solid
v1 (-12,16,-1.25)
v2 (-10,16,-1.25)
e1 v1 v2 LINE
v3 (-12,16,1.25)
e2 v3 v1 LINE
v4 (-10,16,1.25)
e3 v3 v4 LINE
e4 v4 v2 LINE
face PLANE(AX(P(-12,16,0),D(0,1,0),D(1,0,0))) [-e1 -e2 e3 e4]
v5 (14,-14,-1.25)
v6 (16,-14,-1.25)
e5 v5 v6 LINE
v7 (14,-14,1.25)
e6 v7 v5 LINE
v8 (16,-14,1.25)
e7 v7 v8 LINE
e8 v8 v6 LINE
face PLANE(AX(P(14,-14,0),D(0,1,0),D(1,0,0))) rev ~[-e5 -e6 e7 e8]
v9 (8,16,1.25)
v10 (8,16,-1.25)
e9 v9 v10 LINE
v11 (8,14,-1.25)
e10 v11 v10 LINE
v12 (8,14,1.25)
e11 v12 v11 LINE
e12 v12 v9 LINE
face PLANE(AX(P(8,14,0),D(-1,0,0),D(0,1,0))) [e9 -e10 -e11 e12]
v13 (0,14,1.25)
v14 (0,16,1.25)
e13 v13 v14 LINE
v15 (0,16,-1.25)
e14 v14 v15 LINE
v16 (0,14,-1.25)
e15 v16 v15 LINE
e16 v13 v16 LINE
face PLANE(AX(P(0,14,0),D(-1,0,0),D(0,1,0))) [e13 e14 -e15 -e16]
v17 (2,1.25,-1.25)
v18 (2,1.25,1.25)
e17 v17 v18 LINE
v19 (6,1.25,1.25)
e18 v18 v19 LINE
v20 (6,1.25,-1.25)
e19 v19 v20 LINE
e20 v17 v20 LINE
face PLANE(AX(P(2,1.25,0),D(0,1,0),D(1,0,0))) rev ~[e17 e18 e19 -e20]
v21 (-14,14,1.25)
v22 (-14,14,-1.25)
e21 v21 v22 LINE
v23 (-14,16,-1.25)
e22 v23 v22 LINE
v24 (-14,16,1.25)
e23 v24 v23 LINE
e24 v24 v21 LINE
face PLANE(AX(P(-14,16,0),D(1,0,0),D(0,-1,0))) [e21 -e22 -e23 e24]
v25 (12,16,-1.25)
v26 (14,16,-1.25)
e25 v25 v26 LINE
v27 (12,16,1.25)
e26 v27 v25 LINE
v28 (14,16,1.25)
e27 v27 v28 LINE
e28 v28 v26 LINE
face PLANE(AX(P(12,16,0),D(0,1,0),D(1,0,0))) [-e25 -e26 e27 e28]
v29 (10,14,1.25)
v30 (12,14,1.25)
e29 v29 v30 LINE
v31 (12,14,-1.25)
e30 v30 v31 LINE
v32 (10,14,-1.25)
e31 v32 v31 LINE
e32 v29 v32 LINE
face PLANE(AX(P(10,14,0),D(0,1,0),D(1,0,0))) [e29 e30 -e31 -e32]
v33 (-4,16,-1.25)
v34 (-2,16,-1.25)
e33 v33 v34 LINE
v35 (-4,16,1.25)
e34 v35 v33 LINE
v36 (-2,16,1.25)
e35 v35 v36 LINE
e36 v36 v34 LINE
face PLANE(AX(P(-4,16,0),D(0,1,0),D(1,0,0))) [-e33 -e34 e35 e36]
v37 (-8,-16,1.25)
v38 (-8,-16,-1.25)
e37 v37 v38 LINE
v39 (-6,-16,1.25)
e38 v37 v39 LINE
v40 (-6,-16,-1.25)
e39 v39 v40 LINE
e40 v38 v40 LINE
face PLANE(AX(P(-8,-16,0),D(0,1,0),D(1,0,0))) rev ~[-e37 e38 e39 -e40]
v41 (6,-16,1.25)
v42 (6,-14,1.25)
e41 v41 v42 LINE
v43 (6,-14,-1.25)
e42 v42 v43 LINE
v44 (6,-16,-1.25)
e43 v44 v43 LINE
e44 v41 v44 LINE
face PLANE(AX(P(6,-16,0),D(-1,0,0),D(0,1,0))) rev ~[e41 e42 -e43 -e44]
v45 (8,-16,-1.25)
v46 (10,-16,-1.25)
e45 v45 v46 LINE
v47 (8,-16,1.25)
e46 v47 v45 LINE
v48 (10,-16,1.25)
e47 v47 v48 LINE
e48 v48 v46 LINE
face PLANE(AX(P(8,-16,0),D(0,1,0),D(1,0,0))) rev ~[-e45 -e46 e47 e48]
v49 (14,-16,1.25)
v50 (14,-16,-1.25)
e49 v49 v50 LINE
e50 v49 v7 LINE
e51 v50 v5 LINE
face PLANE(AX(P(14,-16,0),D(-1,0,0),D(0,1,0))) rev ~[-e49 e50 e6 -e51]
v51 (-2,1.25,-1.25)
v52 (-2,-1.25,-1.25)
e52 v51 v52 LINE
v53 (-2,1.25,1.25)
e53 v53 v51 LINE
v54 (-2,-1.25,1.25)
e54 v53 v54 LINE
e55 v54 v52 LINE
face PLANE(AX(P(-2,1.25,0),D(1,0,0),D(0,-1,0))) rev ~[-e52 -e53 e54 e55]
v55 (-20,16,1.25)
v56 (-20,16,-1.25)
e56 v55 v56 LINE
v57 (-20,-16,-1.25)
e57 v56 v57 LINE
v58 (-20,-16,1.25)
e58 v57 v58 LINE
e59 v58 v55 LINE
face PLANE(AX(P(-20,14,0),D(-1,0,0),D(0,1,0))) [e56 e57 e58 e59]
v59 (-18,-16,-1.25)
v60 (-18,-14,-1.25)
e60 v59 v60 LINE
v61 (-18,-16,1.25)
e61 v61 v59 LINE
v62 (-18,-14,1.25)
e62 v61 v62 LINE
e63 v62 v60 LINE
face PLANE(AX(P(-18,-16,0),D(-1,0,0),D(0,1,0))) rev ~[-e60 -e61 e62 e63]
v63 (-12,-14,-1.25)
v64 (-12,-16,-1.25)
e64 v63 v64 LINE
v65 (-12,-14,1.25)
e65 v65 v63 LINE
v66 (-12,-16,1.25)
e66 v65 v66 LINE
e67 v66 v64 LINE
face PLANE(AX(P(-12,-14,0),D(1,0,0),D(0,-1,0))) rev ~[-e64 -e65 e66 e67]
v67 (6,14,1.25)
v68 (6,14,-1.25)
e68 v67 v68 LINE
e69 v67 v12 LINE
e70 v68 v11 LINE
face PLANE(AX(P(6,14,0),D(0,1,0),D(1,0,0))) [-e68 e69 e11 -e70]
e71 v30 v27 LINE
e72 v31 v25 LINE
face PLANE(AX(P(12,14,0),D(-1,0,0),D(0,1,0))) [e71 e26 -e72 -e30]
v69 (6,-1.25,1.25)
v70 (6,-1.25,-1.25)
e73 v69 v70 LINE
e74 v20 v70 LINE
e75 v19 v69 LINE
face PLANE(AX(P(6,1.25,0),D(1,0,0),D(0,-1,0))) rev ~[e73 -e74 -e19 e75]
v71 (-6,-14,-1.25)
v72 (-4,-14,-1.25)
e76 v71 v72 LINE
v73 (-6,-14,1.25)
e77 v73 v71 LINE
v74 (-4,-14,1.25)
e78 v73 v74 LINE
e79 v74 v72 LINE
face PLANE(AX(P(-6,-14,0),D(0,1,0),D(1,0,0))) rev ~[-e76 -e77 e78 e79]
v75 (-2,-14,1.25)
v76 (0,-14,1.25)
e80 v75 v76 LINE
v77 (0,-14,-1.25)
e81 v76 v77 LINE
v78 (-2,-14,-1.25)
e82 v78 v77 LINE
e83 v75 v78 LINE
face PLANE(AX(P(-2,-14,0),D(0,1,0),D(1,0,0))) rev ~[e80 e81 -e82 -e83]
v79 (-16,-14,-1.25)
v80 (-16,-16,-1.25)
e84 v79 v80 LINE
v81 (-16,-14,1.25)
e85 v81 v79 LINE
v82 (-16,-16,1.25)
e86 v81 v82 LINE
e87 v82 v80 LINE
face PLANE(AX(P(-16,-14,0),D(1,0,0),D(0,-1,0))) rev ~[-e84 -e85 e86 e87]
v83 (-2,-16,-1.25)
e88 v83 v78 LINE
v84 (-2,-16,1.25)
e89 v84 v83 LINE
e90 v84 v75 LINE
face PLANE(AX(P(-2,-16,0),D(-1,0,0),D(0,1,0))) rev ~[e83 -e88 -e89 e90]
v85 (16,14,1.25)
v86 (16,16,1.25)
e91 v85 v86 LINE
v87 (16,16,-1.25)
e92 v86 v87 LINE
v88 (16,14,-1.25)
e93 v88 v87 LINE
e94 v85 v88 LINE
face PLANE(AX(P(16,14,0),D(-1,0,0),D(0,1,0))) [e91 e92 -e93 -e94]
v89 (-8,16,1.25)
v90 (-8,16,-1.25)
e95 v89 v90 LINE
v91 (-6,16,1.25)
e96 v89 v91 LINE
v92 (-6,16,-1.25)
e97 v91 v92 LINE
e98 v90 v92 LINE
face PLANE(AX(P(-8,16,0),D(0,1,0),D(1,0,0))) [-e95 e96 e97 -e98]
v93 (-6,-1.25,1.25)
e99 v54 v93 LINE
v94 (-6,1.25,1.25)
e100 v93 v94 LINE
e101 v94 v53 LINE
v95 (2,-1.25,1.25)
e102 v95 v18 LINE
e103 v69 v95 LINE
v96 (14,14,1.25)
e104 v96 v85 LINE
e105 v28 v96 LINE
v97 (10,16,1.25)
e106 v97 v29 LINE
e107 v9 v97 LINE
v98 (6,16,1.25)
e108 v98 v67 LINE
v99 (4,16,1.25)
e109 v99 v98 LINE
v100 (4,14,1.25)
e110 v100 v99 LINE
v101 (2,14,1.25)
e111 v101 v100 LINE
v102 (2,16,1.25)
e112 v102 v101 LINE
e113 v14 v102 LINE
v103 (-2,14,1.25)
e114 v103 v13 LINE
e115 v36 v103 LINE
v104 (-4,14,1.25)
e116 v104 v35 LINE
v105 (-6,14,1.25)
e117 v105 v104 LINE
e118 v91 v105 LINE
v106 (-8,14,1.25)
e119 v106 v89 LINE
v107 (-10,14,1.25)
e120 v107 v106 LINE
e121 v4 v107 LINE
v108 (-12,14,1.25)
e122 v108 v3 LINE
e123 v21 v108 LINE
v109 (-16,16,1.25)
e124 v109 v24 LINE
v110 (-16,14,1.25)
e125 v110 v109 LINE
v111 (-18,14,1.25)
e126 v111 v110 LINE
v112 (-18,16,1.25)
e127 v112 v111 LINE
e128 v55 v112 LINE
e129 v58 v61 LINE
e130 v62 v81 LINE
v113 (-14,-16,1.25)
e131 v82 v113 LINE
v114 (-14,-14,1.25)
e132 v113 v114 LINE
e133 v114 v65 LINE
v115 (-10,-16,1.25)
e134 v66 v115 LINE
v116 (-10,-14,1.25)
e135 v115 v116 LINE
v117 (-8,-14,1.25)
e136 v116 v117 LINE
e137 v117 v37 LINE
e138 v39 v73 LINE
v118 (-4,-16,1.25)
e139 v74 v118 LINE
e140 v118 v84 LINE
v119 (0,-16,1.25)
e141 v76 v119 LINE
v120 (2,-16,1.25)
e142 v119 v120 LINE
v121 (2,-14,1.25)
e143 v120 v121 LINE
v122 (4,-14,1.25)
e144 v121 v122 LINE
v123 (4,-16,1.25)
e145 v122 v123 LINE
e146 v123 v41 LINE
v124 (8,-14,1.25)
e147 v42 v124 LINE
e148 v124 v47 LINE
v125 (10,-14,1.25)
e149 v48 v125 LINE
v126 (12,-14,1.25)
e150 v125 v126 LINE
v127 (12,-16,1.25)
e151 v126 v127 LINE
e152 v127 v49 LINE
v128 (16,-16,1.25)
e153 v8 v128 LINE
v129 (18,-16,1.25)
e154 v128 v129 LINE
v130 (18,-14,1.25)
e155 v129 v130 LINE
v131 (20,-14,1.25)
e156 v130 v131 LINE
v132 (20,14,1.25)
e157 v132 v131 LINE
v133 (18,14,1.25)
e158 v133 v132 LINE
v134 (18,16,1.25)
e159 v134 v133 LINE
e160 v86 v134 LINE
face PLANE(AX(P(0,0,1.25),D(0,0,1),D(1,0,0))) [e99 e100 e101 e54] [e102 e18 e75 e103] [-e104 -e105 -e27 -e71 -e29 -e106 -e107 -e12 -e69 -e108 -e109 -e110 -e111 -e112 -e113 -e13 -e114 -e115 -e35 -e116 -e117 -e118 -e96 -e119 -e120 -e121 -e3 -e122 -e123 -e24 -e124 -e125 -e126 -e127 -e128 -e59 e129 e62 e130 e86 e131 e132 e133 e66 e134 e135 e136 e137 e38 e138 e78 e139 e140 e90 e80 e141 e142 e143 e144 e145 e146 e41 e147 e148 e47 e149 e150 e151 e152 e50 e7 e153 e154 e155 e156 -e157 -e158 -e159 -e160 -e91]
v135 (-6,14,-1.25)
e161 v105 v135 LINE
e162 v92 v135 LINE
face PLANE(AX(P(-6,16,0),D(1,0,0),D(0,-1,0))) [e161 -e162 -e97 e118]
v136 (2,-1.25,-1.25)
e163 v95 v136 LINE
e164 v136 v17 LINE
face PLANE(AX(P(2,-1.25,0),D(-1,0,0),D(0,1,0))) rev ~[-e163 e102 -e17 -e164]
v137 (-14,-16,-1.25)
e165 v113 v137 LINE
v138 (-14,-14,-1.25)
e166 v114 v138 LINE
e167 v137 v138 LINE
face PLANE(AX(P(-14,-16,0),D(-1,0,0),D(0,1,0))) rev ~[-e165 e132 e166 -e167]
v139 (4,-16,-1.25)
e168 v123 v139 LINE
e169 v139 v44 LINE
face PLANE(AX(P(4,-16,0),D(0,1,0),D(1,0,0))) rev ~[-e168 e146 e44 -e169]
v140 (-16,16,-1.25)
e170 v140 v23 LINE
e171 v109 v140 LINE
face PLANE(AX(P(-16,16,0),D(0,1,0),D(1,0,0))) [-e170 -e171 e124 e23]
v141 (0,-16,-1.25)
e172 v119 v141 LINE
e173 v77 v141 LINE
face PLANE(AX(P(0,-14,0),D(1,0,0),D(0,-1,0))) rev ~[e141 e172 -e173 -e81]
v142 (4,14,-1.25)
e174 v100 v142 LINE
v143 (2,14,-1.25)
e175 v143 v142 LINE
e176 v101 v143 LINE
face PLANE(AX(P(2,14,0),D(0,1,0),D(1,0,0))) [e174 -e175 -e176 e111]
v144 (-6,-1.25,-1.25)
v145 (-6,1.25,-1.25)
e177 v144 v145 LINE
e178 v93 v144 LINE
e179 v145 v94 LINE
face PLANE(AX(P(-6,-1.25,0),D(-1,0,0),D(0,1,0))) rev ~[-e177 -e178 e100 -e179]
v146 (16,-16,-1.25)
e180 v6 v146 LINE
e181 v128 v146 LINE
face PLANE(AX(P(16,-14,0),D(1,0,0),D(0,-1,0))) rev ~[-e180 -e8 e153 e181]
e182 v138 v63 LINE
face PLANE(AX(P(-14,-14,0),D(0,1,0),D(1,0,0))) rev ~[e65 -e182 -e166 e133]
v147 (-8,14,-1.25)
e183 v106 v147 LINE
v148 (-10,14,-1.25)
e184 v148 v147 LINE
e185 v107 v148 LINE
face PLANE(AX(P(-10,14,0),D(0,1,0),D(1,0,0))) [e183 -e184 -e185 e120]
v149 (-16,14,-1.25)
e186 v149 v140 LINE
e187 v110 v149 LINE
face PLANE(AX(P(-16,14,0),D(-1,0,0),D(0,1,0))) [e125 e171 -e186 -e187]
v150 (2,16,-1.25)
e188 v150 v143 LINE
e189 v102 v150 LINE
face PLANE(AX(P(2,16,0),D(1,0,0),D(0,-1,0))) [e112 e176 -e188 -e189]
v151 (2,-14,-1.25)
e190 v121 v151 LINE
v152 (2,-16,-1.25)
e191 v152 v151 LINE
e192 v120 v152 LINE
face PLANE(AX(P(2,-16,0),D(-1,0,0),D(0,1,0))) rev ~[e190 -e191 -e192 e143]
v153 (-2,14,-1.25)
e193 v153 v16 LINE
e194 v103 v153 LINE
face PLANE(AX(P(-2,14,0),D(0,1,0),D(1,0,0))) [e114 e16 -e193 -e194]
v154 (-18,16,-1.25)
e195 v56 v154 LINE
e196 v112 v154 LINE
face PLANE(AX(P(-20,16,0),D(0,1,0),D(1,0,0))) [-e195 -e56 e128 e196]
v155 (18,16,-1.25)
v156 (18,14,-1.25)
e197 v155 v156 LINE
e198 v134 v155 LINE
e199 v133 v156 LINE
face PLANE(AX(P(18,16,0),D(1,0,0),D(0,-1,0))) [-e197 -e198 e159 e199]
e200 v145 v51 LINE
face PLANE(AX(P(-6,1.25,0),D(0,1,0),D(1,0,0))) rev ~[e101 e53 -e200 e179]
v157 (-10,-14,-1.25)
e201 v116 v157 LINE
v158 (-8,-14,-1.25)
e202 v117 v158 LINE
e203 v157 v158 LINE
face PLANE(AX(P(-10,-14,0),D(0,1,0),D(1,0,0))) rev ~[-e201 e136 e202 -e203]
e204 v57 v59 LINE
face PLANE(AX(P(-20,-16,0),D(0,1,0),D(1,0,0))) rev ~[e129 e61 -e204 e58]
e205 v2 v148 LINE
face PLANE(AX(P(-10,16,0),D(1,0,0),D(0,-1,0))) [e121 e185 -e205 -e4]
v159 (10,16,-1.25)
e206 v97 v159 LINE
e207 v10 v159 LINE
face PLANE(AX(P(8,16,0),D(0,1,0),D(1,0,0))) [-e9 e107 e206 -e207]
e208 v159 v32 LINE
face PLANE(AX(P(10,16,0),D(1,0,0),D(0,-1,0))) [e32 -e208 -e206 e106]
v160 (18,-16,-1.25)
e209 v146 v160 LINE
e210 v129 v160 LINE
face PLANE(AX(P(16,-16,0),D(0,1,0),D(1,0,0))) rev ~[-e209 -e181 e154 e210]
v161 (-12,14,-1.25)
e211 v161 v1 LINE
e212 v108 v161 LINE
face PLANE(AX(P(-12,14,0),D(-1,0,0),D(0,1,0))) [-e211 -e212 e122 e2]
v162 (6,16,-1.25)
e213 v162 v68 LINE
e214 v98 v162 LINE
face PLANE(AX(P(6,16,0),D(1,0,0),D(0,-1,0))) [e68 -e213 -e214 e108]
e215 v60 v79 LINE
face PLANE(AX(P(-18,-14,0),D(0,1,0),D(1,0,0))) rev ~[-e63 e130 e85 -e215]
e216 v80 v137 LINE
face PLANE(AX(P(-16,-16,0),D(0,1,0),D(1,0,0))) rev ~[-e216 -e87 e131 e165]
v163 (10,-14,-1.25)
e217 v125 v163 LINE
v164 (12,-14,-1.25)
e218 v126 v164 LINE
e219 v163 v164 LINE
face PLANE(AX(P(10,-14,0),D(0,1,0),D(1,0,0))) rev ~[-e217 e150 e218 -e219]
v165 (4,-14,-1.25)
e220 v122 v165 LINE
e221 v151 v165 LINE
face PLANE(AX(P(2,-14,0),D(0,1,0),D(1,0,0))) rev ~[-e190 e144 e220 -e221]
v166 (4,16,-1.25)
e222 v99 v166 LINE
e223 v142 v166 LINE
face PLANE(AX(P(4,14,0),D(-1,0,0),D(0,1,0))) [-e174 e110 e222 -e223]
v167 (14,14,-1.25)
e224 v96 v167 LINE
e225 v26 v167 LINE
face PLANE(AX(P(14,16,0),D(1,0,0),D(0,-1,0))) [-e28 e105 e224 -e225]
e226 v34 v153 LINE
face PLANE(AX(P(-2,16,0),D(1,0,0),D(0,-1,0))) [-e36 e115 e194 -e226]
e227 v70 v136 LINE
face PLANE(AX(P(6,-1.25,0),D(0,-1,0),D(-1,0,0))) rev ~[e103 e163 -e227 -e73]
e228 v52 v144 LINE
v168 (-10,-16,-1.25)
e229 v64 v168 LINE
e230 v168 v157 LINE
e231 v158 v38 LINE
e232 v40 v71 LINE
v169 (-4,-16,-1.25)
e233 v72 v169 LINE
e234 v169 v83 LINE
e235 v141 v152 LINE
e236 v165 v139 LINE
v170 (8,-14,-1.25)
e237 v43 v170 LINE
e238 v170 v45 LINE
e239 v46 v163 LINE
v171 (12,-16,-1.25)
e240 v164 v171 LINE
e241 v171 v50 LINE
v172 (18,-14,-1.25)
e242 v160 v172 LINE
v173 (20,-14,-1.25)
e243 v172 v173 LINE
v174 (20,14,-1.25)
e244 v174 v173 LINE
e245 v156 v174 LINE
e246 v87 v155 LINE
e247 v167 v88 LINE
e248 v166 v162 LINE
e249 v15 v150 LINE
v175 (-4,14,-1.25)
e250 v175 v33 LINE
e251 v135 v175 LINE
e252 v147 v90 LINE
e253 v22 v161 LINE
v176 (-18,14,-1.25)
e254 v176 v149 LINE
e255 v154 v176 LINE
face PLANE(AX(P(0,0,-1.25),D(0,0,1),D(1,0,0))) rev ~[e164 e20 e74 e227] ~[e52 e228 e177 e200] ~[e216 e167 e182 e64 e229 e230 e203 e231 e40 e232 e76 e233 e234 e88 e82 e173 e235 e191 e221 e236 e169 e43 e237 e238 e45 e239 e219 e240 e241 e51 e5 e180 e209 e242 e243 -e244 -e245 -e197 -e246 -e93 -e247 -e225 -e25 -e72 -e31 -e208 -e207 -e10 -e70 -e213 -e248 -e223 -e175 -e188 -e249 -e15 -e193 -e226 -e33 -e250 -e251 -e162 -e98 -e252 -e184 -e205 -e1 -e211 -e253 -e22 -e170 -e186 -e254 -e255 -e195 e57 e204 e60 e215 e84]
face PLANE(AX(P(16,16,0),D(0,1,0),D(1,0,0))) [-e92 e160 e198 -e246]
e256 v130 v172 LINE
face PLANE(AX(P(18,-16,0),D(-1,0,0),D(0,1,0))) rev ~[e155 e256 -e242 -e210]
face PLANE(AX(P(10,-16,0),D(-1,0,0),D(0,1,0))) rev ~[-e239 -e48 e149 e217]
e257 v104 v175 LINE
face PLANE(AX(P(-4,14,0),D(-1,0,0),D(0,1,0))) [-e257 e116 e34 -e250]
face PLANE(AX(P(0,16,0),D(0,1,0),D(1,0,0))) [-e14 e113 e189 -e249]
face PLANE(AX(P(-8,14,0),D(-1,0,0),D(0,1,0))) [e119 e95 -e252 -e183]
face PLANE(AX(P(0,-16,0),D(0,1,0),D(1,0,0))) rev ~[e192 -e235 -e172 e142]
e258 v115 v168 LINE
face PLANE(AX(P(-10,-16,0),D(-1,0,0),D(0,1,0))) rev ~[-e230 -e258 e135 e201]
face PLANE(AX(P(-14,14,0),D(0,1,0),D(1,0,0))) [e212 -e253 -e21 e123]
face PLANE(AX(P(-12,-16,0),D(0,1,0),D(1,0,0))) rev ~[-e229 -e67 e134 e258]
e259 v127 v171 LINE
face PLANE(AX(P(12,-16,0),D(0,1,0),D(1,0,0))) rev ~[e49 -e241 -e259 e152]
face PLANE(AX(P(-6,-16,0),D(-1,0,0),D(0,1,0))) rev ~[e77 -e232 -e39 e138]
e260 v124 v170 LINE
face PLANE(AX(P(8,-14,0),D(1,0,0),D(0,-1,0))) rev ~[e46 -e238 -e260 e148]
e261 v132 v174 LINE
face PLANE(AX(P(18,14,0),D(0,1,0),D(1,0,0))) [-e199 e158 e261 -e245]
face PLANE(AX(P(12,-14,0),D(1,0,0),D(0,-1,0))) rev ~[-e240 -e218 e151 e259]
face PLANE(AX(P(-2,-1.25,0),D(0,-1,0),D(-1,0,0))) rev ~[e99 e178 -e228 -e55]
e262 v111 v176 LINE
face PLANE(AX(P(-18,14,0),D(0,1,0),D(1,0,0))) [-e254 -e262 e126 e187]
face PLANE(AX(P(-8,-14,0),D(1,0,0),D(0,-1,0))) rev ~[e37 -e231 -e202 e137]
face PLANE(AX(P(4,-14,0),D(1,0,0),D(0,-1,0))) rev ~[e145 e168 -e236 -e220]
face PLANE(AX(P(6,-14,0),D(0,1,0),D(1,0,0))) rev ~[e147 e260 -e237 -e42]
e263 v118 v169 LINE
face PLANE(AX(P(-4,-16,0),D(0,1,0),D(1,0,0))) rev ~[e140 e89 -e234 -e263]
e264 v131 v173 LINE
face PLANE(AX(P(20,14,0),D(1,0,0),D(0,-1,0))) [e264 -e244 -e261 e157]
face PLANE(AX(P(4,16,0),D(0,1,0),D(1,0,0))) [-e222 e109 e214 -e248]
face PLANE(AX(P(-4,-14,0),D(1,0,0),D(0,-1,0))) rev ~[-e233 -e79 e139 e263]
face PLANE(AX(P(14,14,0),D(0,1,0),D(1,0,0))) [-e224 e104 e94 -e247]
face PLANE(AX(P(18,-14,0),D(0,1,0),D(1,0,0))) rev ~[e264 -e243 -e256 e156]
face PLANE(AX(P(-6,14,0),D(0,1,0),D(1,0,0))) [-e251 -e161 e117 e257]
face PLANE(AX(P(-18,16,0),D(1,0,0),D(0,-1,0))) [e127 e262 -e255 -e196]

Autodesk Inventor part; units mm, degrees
ref_plane "YZ Plane" through (0, 0, 0) normal (1, 0, 0) x (0, 1, 0)
ref_plane "XZ Plane" through (0, 0, 0) normal (0, 1, 0) x (-1, 0, 0)
ref_plane "XY Plane" through (0, 0, 0) normal (0, 0, 1) x (1, 0, 0)
sketch "Sketch1" plane through (0, 0, 0) normal (0, 0, 1) x (1, 0, 0)
  line L0 (0, 8.7149) -> (0, -8.7149) construction
  line L1 (-12.4402, 0) -> (12.4402, 0) construction
  line L2 (-20, 14) -> (20, 14) construction
  line L3 (20, 14) -> (20, -14) construction
  line L4 (20, -14) -> (-20, -14) construction
  line L5 (-20, -14) -> (-20, 14) construction
  line L6 (-6, 1.25) -> (-2, 1.25)
  line L7 (-2, 1.25) -> (-2, -1.25)
  line L8 (-2, -1.25) -> (-6, -1.25)
  line L9 (-6, -1.25) -> (-6, 1.25)
  line L10 (2, 1.25) -> (6, 1.25)
  line L11 (6, 1.25) -> (6, -1.25)
  line L12 (6, -1.25) -> (2, -1.25)
  line L13 (2, -1.25) -> (2, 1.25)
  line L14 (-20, 14) -> (-20, 16)
  line L15 (-20, 16) -> (-18, 16)
  line L16 (-18, 16) -> (-18, 14)
  line L17 (-16, 14) -> (-16, 16)
  line L18 (-16, 16) -> (-14, 16)
  line L19 (-14, 16) -> (-14, 14)
  line L20 (-12, 14) -> (-12, 16)
  line L21 (-12, 16) -> (-10, 16)
  line L22 (-10, 16) -> (-10, 14)
  line L23 (-8, 14) -> (-8, 16)
  line L24 (-8, 16) -> (-6, 16)
  line L25 (-6, 16) -> (-6, 14)
  line L26 (-4, 14) -> (-4, 16)
  line L27 (-4, 16) -> (-2, 16)
  line L28 (-2, 16) -> (-2, 14)
  line L29 (0, 14) -> (0, 16)
  line L30 (0, 16) -> (2, 16)
  line L31 (2, 16) -> (2, 14)
  line L32 (4, 14) -> (4, 16)
  line L33 (4, 16) -> (6, 16)
  line L34 (6, 16) -> (6, 14)
  line L35 (8, 14) -> (8, 16)
  line L36 (8, 16) -> (10, 16)
  line L37 (10, 16) -> (10, 14)
  line L38 (12, 14) -> (12, 16)
  line L39 (12, 16) -> (14, 16)
  line L40 (14, 16) -> (14, 14)
  line L41 (16, 14) -> (16, 16)
  line L42 (16, 16) -> (18, 16)
  line L43 (18, 16) -> (18, 14)
  line L44 (-10, 14) -> (-8, 14)
  line L45 (-14, 14) -> (-12, 14)
  line L46 (-18, 14) -> (-16, 14)
  line L47 (-6, 14) -> (-4, 14)
  line L48 (-2, 14) -> (0, 14)
  line L49 (2, 14) -> (4, 14)
  line L50 (6, 14) -> (8, 14)
  line L51 (10, 14) -> (12, 14)
  line L52 (14, 14) -> (16, 14)
  line L53 (-20, -14) -> (-20, -16)
  line L54 (-20, -16) -> (-18, -16)
  line L55 (-18, -16) -> (-18, -14)
  line L56 (-16, -14) -> (-16, -16)
  line L57 (-14, -16) -> (-14, -14)
  line L58 (-16, -16) -> (-14, -16)
  line L59 (-12, -14) -> (-12, -16)
  line L60 (-10, -16) -> (-10, -14)
  line L61 (-12, -16) -> (-10, -16)
  line L62 (-8, -14) -> (-8, -16)
  line L63 (-6, -16) -> (-6, -14)
  line L64 (-8, -16) -> (-6, -16)
  line L65 (-4, -14) -> (-4, -16)
  line L66 (-2, -16) -> (-2, -14)
  line L67 (-4, -16) -> (-2, -16)
  line L68 (0, -14) -> (0, -16)
  line L69 (2, -16) -> (2, -14)
  line L70 (0, -16) -> (2, -16)
  line L71 (4, -14) -> (4, -16)
  line L72 (6, -16) -> (6, -14)
  line L73 (4, -16) -> (6, -16)
  line L74 (8, -14) -> (8, -16)
  line L75 (10, -16) -> (10, -14)
  line L76 (8, -16) -> (10, -16)
  line L77 (12, -14) -> (12, -16)
  line L78 (14, -16) -> (14, -14)
  line L79 (12, -16) -> (14, -16)
  line L80 (16, -14) -> (16, -16)
  line L81 (18, -16) -> (18, -14)
  line L82 (16, -16) -> (18, -16)
  line L83 (-18, -14) -> (-16, -14)
  line L84 (-14, -14) -> (-12, -14)
  line L85 (-10, -14) -> (-8, -14)
  line L86 (-6, -14) -> (-4, -14)
  line L87 (-2, -14) -> (0, -14)
  line L88 (2, -14) -> (4, -14)
  line L89 (6, -14) -> (8, -14)
  line L90 (10, -14) -> (12, -14)
  line L91 (14, -14) -> (16, -14)
  line L92 (18, -14) -> (20, -14)
  line L93 (18, 14) -> (20, 14)
  line L94 (20, 14) -> (20, -14)
  line L95 (-20, 14) -> (-20, -14)
  point P0 (0, 0)
  point P1 (0, 0)
  dimension "d0" = 4
  dimension "d1" = 4
  dimension "d2" = 4
  dimension "d3" = 2.5
  dimension "d4" = 28
  dimension "d5" = 40
  dimension "d10" = 2
  dimension "d11" = 2
  dimension "d14" = 4
  dimension "d19" = 2
  dimension "d22" = 4
extrude "Extrusion1" add sketch "Sketch1" along normal mid plane 2.5
properties part number "pitahaya4"
